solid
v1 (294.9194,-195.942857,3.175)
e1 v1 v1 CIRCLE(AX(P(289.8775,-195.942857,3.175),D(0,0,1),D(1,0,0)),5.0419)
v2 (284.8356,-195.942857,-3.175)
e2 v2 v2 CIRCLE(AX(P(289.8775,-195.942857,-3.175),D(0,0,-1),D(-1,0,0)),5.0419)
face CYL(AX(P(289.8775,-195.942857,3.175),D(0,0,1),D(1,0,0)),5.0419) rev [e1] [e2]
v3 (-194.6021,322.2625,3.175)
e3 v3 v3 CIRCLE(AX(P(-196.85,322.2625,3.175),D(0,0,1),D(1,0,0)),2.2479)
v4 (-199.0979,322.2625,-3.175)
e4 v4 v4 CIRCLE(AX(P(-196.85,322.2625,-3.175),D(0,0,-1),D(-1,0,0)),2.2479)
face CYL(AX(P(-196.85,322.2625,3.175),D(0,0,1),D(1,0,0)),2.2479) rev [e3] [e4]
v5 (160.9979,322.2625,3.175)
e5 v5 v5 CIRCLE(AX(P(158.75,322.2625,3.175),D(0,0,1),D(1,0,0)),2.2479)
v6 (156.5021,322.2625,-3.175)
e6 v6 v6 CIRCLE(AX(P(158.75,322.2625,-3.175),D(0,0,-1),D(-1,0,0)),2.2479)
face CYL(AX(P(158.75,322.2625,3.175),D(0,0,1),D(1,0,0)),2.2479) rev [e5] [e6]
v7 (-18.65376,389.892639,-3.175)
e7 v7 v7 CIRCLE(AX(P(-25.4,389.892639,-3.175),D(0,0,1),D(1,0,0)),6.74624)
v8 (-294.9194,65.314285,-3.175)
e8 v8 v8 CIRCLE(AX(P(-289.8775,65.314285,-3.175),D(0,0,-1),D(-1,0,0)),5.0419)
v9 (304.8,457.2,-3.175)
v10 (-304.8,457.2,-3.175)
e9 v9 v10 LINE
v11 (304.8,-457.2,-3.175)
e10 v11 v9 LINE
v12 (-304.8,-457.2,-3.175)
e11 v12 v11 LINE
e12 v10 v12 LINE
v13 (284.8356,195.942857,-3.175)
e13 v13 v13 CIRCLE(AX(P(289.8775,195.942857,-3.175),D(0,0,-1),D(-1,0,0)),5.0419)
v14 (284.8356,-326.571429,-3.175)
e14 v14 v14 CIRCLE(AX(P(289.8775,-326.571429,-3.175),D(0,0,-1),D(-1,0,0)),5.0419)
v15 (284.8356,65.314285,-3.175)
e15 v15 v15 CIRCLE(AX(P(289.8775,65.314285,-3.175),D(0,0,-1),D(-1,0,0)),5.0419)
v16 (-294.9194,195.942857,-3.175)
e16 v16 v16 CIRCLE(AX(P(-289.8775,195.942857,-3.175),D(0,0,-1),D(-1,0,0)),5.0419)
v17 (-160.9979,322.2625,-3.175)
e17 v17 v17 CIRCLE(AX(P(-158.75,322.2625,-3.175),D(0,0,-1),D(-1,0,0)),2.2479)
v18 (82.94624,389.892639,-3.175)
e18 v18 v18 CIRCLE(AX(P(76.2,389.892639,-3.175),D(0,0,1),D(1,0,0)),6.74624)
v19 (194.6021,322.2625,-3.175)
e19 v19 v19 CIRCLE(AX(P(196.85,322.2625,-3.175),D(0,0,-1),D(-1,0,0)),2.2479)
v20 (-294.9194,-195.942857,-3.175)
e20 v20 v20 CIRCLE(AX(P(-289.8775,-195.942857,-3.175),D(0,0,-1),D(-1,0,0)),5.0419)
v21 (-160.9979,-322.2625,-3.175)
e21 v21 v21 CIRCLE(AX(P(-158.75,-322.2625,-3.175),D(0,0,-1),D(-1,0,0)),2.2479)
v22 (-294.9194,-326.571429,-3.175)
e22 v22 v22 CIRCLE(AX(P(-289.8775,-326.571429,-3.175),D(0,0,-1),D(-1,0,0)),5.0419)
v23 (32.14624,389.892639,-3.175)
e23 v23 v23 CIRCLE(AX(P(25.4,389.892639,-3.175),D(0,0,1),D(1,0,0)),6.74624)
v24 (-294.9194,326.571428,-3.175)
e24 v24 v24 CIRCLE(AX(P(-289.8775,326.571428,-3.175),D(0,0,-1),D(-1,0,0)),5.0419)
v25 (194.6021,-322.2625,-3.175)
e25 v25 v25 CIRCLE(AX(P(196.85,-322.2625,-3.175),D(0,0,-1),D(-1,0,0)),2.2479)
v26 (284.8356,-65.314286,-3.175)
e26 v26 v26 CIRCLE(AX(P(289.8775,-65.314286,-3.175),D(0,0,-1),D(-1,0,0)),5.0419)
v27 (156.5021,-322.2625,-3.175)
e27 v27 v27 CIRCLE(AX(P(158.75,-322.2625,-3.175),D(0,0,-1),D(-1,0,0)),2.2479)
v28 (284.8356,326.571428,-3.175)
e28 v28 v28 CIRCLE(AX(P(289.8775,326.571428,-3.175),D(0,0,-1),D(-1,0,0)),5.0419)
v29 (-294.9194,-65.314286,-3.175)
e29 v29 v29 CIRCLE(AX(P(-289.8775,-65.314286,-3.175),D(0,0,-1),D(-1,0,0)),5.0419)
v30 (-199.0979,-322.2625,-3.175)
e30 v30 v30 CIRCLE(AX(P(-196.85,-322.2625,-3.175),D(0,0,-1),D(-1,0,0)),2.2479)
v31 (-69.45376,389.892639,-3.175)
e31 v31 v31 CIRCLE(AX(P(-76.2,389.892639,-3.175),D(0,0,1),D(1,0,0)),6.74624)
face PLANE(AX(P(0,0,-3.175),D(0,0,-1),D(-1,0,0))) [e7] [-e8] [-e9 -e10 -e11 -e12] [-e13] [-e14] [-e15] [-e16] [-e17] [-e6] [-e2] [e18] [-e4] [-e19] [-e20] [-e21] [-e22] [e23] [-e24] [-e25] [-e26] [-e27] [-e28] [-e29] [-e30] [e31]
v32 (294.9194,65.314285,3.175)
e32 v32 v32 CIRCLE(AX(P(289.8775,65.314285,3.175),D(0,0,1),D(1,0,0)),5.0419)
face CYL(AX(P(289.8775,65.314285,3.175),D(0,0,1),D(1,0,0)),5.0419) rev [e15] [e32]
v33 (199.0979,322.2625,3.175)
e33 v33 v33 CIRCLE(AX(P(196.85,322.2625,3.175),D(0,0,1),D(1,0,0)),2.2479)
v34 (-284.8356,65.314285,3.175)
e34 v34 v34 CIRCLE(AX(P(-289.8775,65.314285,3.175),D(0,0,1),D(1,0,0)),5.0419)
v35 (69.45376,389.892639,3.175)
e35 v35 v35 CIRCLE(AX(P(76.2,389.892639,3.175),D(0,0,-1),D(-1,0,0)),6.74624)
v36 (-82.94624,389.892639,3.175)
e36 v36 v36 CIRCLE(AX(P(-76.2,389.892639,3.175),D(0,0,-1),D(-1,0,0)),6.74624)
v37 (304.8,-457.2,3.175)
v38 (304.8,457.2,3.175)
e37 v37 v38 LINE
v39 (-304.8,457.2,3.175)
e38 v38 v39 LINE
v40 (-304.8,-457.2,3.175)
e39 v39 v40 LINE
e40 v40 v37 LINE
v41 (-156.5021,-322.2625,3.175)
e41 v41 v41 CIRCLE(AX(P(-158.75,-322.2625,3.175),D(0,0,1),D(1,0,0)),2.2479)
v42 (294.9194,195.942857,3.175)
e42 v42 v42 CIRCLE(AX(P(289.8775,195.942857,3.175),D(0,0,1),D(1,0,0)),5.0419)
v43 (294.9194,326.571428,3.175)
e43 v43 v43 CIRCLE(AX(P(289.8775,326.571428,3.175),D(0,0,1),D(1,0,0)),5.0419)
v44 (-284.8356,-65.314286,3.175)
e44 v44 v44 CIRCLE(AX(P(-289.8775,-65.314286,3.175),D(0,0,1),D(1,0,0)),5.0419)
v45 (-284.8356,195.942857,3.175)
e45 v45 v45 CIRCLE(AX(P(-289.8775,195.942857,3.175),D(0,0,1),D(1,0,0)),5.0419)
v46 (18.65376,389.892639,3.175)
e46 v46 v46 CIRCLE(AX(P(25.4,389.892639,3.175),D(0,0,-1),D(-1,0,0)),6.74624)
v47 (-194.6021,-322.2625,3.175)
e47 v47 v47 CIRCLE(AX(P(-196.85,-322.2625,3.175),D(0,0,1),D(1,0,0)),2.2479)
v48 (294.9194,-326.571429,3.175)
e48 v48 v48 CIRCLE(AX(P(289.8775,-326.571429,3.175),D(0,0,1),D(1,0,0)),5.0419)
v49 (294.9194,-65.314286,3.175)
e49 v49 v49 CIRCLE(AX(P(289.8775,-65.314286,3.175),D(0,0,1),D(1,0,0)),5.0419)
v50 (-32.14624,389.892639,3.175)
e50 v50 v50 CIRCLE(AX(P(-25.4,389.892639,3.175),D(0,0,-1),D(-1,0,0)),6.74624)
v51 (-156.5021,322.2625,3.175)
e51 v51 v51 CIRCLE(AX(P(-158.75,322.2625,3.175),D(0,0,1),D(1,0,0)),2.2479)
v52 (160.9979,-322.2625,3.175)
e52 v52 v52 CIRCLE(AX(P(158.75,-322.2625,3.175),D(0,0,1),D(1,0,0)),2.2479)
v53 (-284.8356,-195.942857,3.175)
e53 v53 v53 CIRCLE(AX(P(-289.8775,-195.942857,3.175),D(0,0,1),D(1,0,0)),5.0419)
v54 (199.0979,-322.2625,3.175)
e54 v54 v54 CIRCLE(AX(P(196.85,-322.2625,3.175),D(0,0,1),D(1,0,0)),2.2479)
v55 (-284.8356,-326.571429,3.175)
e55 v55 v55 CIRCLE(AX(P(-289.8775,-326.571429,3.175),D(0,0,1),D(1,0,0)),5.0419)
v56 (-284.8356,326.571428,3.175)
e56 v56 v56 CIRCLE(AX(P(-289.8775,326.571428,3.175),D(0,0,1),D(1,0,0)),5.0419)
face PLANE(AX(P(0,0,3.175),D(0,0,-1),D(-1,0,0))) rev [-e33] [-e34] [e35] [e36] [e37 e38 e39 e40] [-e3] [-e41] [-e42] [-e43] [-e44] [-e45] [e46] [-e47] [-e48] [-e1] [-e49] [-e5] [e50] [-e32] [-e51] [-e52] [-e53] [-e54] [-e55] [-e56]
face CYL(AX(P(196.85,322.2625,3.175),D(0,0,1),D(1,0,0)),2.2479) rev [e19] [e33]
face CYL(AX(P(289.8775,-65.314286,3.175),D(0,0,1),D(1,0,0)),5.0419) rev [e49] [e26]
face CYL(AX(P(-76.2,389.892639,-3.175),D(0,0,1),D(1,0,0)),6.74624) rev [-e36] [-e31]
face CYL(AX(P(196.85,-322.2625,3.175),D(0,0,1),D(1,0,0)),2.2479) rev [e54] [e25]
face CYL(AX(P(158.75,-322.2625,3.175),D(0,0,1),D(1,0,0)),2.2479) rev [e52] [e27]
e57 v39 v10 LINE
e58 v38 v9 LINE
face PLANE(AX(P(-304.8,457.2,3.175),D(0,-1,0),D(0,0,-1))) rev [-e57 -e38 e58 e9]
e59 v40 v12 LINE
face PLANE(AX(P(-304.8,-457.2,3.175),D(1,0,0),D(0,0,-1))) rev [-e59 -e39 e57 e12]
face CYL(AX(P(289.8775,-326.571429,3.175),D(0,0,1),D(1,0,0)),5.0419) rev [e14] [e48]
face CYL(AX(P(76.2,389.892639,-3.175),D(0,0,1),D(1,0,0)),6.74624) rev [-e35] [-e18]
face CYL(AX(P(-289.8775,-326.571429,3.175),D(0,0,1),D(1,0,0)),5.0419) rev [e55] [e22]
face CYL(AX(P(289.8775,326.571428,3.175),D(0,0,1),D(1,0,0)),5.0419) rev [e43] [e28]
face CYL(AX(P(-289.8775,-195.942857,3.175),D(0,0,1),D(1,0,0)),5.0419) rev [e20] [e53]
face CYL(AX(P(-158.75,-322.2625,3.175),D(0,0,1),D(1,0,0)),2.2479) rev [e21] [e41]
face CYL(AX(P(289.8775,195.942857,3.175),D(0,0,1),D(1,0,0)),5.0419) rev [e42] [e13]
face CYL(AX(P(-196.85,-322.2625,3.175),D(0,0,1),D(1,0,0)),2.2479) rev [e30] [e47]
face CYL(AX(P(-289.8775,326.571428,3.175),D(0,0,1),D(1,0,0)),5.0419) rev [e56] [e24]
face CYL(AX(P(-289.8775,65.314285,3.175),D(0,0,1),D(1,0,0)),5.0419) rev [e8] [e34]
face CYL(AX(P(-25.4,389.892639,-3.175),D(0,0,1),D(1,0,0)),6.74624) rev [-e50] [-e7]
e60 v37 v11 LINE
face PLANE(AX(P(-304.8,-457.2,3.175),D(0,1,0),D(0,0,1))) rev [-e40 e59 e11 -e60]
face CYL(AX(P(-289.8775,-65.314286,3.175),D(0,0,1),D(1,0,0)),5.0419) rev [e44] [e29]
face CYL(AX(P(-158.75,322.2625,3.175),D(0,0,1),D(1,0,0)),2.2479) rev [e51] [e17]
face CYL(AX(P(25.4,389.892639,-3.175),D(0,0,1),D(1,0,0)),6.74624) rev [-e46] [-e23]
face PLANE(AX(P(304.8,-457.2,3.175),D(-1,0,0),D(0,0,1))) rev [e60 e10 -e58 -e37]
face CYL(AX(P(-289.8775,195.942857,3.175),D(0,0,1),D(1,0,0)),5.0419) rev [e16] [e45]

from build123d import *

# Parameters (mm, degrees)
SKETCH1_W               = 609.6
SKETCH1_H               = 914.4
BOSS_EXTRUDE1_DEPTH     = 3.175
F_8_CLEARANCE_HOLE1_D   = 4.4958
CUT_EXTRUDE1_DEPTH      = 550.522704263
CUT_EXTRUDE1_DEPTH_BACK = 550.522704263
SKETCH4_R               = 6.74624
F_3_8_CLEARANCE_HOLE1_D = 10.0838


with BuildPart() as part:
    # Sketch1 → Boss-Extrude1 (new, symmetric)
    with BuildSketch(Plane.XY):
        Rectangle(SKETCH1_W, SKETCH1_H)
    extrude(amount=BOSS_EXTRUDE1_DEPTH, both=True)

    # #8 Clearance Hole1 (through all)
    with Locations(Plane.XY.offset(3.175)):
        with Locations((-196.85, -322.2625), (-158.75, -322.2625), (196.85, -322.2625), (158.75, -322.2625), (158.75, 322.2625), (196.85, 322.2625), (-158.75, 322.2625), (-196.85, 322.2625)):
            Hole(F_8_CLEARANCE_HOLE1_D / 2)

    # Sketch4 → Cut-Extrude1 (cut, two sides: drawn at the far end of the back side and taken through both)
    with BuildSketch(Plane.XY.offset(3.175).offset(-CUT_EXTRUDE1_DEPTH_BACK)):
        with Locations((76.2, 389.892639343)):
            Circle(SKETCH4_R)
        with Locations((-25.4, 389.892639343)):
            Circle(SKETCH4_R)
        with Locations((25.4, 389.892639343)):
            Circle(SKETCH4_R)
        with Locations((-76.2, 389.892639343)):
            Circle(SKETCH4_R)
    extrude(amount=CUT_EXTRUDE1_DEPTH + CUT_EXTRUDE1_DEPTH_BACK, mode=Mode.SUBTRACT)

    # 3/8 Clearance Hole1 (through all)
    with Locations(Plane.XY.offset(3.175)):
        with Locations((-289.8775, -326.571428571), (-289.8775, -195.942857215), (-289.8775, -65.314285859), (-289.8775, 65.314285497), (-289.8775, 195.942856853), (-289.8775, 326.571428209), (289.8775, 326.571428209), (289.8775, 195.942856853), (289.8775, 65.314285497), (289.8775, -65.314285859), (289.8775, -195.942857215), (289.8775, -326.571428571)):
            Hole(F_3_8_CLEARANCE_HOLE1_D / 2)


solid = part.part
